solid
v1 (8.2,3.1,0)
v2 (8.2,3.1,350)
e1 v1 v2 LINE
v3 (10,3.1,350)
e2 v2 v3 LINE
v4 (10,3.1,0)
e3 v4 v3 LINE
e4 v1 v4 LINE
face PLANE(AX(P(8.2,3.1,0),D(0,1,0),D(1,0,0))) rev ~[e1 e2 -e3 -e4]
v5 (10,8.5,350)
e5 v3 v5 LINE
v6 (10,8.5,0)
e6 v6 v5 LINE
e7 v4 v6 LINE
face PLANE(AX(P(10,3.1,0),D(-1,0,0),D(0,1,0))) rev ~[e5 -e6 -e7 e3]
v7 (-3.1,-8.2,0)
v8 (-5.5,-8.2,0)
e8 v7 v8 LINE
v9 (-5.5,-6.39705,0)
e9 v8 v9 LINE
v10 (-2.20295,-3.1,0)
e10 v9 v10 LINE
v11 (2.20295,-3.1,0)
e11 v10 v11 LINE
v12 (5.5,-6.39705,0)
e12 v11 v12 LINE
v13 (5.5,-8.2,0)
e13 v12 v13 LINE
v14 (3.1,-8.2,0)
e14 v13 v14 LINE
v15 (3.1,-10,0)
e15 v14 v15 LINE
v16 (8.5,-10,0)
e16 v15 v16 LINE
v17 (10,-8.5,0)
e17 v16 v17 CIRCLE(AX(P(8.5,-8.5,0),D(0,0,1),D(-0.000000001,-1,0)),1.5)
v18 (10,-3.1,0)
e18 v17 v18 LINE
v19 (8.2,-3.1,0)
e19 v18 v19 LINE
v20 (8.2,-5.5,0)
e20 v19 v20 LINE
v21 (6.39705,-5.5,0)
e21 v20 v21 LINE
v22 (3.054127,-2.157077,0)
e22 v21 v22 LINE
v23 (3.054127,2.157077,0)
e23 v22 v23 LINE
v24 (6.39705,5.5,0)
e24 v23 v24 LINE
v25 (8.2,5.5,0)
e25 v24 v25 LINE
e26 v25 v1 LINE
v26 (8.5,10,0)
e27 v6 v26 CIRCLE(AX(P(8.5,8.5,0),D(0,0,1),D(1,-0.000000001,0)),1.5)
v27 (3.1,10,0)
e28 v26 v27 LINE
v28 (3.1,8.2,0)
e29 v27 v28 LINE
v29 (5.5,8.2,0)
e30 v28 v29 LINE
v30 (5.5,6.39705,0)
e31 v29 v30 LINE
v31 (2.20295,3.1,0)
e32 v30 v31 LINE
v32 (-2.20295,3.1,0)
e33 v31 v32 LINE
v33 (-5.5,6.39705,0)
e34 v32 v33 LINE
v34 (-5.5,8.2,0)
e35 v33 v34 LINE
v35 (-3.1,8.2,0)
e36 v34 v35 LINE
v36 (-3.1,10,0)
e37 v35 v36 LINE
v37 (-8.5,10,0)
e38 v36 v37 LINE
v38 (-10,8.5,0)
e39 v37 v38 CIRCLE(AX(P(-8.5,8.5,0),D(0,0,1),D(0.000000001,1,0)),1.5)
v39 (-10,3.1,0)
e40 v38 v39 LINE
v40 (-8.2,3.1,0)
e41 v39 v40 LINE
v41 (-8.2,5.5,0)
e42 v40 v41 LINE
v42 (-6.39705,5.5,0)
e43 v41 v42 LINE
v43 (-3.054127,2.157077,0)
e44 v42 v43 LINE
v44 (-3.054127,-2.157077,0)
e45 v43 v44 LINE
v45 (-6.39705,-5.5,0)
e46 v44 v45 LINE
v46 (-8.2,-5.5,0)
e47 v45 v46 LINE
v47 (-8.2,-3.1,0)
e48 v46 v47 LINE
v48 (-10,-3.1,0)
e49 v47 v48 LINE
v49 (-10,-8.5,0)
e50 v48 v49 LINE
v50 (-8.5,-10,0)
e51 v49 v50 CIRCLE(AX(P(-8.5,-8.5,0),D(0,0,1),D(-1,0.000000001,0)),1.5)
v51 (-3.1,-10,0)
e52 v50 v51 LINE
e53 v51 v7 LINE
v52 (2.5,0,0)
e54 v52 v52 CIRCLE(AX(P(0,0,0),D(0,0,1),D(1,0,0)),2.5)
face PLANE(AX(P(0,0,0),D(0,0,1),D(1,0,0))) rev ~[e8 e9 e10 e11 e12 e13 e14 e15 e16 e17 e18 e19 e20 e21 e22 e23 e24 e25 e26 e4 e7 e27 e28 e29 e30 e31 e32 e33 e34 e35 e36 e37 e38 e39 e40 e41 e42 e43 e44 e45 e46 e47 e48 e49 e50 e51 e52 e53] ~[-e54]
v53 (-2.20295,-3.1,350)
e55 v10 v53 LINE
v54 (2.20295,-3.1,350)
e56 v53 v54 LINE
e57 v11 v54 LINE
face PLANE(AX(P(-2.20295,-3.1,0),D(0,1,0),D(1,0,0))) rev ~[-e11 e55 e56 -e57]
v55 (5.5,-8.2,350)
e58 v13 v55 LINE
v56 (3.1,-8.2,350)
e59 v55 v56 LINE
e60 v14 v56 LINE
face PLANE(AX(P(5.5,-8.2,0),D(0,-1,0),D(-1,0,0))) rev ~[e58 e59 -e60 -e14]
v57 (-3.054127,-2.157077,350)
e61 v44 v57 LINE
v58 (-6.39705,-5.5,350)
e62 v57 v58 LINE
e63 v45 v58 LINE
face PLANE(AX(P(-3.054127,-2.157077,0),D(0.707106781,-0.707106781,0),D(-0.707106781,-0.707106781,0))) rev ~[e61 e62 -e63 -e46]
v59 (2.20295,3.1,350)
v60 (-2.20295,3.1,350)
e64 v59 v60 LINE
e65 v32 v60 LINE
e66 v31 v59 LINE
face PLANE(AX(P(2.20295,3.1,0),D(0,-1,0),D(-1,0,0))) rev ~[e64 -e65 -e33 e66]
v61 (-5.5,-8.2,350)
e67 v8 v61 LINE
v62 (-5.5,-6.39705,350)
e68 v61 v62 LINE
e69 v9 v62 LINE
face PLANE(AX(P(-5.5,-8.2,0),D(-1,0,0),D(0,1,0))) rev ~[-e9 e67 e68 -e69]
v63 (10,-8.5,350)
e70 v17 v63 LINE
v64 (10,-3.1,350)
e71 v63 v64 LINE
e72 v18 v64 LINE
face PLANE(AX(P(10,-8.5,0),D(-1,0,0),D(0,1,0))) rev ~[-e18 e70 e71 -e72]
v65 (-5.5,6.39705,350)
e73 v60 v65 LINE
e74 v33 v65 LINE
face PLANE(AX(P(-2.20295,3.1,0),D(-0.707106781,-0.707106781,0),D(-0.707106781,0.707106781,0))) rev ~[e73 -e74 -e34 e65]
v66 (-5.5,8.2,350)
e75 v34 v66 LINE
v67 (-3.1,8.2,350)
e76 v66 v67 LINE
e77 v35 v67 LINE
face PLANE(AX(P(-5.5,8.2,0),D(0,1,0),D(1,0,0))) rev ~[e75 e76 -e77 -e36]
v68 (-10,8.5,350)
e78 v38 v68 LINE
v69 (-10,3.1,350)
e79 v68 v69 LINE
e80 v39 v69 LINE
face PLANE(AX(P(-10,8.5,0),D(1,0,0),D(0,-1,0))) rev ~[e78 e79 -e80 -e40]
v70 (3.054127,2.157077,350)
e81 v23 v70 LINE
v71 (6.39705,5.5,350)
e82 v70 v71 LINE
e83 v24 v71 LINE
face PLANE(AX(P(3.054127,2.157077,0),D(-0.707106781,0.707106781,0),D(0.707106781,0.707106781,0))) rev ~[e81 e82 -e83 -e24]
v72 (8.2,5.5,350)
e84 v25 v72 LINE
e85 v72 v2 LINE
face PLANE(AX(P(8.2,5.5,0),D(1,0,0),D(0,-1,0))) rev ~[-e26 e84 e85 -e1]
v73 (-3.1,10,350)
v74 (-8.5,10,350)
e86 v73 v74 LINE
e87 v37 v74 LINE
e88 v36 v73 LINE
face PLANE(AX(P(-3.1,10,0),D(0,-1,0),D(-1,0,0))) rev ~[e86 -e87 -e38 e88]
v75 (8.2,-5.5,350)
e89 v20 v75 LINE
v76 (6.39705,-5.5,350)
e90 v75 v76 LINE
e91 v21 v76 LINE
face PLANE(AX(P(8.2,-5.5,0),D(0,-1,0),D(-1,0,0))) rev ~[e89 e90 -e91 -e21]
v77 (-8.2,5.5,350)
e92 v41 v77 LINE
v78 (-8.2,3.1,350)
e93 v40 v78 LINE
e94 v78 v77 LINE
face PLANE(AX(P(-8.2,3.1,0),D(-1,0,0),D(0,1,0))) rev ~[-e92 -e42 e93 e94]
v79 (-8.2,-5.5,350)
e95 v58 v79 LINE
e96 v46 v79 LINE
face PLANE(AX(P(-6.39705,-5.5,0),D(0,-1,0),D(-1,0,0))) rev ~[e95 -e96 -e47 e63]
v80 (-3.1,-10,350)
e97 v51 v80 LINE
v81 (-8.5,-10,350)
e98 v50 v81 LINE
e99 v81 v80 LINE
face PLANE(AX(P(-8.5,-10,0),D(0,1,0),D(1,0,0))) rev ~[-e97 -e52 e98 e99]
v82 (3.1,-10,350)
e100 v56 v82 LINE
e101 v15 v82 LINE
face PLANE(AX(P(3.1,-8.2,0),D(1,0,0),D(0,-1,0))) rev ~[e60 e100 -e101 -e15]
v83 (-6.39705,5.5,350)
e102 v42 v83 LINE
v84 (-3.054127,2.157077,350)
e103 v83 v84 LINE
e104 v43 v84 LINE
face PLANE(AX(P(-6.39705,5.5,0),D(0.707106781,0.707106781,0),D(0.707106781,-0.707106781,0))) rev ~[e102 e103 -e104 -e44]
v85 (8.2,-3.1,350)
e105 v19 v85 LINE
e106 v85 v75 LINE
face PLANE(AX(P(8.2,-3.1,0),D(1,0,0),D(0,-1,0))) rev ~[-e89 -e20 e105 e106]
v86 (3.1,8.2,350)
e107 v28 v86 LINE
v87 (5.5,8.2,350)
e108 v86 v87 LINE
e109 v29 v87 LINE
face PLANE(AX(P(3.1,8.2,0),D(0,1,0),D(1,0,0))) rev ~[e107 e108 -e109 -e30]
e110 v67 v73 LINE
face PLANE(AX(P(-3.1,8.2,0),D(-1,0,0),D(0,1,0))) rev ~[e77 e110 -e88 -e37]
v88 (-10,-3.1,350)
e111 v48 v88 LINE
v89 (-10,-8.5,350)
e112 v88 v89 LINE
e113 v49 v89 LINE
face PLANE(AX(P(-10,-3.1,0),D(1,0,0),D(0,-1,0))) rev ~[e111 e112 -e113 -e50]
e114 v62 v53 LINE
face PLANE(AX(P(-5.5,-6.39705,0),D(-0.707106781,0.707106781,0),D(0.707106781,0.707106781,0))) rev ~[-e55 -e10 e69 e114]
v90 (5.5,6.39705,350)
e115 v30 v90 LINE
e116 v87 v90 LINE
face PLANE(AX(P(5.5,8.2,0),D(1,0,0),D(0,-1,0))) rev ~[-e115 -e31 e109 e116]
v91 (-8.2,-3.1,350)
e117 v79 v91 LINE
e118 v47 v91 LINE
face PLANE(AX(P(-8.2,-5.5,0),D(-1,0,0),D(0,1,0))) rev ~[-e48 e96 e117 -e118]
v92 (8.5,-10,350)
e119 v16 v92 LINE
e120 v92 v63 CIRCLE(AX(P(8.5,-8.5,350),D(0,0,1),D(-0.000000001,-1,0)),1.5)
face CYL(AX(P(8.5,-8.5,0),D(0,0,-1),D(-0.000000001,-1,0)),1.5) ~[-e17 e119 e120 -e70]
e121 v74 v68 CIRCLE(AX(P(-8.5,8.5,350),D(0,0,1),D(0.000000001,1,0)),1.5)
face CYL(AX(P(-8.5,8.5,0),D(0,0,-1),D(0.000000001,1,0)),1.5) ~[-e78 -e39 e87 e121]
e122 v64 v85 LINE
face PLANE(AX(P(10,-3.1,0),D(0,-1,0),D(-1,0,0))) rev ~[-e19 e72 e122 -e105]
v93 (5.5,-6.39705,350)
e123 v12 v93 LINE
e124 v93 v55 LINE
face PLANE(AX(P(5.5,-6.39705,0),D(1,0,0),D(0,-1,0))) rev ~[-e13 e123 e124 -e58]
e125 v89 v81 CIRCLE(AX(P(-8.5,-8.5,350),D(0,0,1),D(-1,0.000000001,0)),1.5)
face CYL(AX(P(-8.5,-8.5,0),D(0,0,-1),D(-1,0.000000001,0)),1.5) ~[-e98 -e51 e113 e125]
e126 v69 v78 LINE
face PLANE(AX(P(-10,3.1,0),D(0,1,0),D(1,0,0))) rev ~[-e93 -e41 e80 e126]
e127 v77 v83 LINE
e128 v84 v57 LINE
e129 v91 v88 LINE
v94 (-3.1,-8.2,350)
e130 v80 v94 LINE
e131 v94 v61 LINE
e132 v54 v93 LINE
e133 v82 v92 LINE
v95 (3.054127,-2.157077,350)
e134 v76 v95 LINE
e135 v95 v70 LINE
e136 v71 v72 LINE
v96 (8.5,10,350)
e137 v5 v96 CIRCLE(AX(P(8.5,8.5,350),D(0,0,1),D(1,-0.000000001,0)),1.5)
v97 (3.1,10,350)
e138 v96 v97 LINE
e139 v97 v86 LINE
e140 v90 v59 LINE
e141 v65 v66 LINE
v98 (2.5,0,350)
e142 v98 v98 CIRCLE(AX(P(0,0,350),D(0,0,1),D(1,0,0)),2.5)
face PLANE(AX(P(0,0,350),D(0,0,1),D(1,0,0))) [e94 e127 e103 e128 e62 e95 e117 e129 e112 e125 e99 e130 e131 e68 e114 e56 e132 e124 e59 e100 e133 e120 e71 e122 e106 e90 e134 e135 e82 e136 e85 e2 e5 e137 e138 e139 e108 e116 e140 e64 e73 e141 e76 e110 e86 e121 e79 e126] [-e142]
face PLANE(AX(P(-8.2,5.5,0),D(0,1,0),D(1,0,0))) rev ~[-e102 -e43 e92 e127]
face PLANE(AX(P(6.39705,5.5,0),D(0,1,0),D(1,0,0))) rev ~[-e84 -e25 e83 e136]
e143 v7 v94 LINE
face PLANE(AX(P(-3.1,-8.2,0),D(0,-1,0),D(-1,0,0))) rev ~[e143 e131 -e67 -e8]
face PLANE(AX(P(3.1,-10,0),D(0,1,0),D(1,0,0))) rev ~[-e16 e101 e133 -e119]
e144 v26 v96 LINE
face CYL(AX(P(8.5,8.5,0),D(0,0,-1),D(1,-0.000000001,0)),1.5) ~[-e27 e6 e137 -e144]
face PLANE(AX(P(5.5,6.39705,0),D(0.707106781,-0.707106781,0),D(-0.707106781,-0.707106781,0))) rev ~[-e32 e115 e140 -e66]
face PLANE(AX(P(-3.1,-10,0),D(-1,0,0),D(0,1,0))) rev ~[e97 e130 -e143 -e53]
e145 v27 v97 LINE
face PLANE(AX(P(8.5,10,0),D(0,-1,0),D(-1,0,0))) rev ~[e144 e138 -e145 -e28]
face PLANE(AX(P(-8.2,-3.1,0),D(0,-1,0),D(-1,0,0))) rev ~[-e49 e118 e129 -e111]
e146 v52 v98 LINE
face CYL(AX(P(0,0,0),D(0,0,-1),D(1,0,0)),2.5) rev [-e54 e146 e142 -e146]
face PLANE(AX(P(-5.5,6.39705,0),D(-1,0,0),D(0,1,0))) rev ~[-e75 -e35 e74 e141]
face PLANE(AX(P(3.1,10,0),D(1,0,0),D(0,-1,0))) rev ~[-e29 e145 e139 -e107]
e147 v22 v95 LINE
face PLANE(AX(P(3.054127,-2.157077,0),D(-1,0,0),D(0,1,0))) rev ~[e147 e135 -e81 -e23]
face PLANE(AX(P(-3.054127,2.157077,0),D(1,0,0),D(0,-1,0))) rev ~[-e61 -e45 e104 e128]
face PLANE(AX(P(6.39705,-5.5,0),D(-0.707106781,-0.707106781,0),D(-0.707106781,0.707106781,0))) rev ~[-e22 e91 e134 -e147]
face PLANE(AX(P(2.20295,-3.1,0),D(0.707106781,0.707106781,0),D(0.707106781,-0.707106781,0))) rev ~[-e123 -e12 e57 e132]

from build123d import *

# Parameters (mm, degrees)
SKETCH_1_R      = 2.5
EXTRUDE_1_DEPTH = 350


with BuildPart() as part:
    # 草图1 → 凸台-拉伸1 (new body)
    with BuildSketch(Plane.XY):
        with BuildLine():
            Line((-8.2, -3.1), (-10, -3.1))
            Line((-10, -3.1), (-10, -8.5))
            ThreePointArc((-10, -8.5), (-9.560660172, -9.560660172), (-8.5, -10))
            Line((-8.5, -10), (-3.1, -10))
            Line((-3.1, -10), (-3.1, -8.2))
            Line((-3.1, -8.2), (-5.5, -8.2))
            Line((-5.5, -8.2), (-5.5, -6.397050155))
            Line((-5.5, -6.397050155), (-2.202949845, -3.1))
            Line((-2.202949845, -3.1), (2.202949845, -3.1))
            Line((2.202949845, -3.1), (5.5, -6.397050155))
            Line((5.5, -6.397050155), (5.5, -8.2))
            Line((5.5, -8.2), (3.1, -8.2))
            Line((3.1, -8.2), (3.1, -10))
            Line((3.1, -10), (8.5, -10))
            ThreePointArc((8.5, -10), (9.560660172, -9.560660172), (10, -8.5))
            Line((10, -8.5), (10, -3.1))
            Line((10, -3.1), (8.2, -3.1))
            Line((8.2, -3.1), (8.2, -5.5))
            Line((8.2, -5.5), (6.397050155, -5.5))
            Line((6.397050155, -5.5), (3.05412702, -2.157076865))
            Line((3.05412702, -2.157076865), (3.05412702, 2.157076865))
            Line((3.05412702, 2.157076865), (6.397050155, 5.5))
            Line((6.397050155, 5.5), (8.2, 5.5))
            Line((8.2, 5.5), (8.2, 3.1))
            Line((8.2, 3.1), (10, 3.1))
            Line((10, 3.1), (10, 8.5))
            ThreePointArc((10, 8.5), (9.560660172, 9.560660172), (8.5, 10))
            Line((8.5, 10), (3.1, 10))
            Line((3.1, 10), (3.1, 8.2))
            Line((3.1, 8.2), (5.5, 8.2))
            Line((5.5, 8.2), (5.5, 6.397050155))
            Line((5.5, 6.397050155), (2.202949845, 3.1))
            Line((2.202949845, 3.1), (-2.202949845, 3.1))
            Line((-2.202949845, 3.1), (-5.5, 6.397050155))
            Line((-5.5, 6.397050155), (-5.5, 8.2))
            Line((-5.5, 8.2), (-3.1, 8.2))
            Line((-3.1, 8.2), (-3.1, 10))
            Line((-3.1, 10), (-8.5, 10))
            ThreePointArc((-8.5, 10), (-9.560660172, 9.560660172), (-10, 8.5))
            Line((-10, 8.5), (-10, 3.1))
            Line((-10, 3.1), (-8.2, 3.1))
            Line((-8.2, 3.1), (-8.2, 5.5))
            Line((-8.2, 5.5), (-6.397050155, 5.5))
            Line((-6.397050155, 5.5), (-3.05412702, 2.157076865))
            Line((-3.05412702, 2.157076865), (-3.05412702, -2.157076865))
            Line((-3.05412702, -2.157076865), (-6.397050155, -5.5))
            Line((-6.397050155, -5.5), (-8.2, -5.5))
            Line((-8.2, -5.5), (-8.2, -3.1))
        make_face()
        Circle(SKETCH_1_R, mode=Mode.SUBTRACT)
    extrude(amount=EXTRUDE_1_DEPTH)


solid = part.part
